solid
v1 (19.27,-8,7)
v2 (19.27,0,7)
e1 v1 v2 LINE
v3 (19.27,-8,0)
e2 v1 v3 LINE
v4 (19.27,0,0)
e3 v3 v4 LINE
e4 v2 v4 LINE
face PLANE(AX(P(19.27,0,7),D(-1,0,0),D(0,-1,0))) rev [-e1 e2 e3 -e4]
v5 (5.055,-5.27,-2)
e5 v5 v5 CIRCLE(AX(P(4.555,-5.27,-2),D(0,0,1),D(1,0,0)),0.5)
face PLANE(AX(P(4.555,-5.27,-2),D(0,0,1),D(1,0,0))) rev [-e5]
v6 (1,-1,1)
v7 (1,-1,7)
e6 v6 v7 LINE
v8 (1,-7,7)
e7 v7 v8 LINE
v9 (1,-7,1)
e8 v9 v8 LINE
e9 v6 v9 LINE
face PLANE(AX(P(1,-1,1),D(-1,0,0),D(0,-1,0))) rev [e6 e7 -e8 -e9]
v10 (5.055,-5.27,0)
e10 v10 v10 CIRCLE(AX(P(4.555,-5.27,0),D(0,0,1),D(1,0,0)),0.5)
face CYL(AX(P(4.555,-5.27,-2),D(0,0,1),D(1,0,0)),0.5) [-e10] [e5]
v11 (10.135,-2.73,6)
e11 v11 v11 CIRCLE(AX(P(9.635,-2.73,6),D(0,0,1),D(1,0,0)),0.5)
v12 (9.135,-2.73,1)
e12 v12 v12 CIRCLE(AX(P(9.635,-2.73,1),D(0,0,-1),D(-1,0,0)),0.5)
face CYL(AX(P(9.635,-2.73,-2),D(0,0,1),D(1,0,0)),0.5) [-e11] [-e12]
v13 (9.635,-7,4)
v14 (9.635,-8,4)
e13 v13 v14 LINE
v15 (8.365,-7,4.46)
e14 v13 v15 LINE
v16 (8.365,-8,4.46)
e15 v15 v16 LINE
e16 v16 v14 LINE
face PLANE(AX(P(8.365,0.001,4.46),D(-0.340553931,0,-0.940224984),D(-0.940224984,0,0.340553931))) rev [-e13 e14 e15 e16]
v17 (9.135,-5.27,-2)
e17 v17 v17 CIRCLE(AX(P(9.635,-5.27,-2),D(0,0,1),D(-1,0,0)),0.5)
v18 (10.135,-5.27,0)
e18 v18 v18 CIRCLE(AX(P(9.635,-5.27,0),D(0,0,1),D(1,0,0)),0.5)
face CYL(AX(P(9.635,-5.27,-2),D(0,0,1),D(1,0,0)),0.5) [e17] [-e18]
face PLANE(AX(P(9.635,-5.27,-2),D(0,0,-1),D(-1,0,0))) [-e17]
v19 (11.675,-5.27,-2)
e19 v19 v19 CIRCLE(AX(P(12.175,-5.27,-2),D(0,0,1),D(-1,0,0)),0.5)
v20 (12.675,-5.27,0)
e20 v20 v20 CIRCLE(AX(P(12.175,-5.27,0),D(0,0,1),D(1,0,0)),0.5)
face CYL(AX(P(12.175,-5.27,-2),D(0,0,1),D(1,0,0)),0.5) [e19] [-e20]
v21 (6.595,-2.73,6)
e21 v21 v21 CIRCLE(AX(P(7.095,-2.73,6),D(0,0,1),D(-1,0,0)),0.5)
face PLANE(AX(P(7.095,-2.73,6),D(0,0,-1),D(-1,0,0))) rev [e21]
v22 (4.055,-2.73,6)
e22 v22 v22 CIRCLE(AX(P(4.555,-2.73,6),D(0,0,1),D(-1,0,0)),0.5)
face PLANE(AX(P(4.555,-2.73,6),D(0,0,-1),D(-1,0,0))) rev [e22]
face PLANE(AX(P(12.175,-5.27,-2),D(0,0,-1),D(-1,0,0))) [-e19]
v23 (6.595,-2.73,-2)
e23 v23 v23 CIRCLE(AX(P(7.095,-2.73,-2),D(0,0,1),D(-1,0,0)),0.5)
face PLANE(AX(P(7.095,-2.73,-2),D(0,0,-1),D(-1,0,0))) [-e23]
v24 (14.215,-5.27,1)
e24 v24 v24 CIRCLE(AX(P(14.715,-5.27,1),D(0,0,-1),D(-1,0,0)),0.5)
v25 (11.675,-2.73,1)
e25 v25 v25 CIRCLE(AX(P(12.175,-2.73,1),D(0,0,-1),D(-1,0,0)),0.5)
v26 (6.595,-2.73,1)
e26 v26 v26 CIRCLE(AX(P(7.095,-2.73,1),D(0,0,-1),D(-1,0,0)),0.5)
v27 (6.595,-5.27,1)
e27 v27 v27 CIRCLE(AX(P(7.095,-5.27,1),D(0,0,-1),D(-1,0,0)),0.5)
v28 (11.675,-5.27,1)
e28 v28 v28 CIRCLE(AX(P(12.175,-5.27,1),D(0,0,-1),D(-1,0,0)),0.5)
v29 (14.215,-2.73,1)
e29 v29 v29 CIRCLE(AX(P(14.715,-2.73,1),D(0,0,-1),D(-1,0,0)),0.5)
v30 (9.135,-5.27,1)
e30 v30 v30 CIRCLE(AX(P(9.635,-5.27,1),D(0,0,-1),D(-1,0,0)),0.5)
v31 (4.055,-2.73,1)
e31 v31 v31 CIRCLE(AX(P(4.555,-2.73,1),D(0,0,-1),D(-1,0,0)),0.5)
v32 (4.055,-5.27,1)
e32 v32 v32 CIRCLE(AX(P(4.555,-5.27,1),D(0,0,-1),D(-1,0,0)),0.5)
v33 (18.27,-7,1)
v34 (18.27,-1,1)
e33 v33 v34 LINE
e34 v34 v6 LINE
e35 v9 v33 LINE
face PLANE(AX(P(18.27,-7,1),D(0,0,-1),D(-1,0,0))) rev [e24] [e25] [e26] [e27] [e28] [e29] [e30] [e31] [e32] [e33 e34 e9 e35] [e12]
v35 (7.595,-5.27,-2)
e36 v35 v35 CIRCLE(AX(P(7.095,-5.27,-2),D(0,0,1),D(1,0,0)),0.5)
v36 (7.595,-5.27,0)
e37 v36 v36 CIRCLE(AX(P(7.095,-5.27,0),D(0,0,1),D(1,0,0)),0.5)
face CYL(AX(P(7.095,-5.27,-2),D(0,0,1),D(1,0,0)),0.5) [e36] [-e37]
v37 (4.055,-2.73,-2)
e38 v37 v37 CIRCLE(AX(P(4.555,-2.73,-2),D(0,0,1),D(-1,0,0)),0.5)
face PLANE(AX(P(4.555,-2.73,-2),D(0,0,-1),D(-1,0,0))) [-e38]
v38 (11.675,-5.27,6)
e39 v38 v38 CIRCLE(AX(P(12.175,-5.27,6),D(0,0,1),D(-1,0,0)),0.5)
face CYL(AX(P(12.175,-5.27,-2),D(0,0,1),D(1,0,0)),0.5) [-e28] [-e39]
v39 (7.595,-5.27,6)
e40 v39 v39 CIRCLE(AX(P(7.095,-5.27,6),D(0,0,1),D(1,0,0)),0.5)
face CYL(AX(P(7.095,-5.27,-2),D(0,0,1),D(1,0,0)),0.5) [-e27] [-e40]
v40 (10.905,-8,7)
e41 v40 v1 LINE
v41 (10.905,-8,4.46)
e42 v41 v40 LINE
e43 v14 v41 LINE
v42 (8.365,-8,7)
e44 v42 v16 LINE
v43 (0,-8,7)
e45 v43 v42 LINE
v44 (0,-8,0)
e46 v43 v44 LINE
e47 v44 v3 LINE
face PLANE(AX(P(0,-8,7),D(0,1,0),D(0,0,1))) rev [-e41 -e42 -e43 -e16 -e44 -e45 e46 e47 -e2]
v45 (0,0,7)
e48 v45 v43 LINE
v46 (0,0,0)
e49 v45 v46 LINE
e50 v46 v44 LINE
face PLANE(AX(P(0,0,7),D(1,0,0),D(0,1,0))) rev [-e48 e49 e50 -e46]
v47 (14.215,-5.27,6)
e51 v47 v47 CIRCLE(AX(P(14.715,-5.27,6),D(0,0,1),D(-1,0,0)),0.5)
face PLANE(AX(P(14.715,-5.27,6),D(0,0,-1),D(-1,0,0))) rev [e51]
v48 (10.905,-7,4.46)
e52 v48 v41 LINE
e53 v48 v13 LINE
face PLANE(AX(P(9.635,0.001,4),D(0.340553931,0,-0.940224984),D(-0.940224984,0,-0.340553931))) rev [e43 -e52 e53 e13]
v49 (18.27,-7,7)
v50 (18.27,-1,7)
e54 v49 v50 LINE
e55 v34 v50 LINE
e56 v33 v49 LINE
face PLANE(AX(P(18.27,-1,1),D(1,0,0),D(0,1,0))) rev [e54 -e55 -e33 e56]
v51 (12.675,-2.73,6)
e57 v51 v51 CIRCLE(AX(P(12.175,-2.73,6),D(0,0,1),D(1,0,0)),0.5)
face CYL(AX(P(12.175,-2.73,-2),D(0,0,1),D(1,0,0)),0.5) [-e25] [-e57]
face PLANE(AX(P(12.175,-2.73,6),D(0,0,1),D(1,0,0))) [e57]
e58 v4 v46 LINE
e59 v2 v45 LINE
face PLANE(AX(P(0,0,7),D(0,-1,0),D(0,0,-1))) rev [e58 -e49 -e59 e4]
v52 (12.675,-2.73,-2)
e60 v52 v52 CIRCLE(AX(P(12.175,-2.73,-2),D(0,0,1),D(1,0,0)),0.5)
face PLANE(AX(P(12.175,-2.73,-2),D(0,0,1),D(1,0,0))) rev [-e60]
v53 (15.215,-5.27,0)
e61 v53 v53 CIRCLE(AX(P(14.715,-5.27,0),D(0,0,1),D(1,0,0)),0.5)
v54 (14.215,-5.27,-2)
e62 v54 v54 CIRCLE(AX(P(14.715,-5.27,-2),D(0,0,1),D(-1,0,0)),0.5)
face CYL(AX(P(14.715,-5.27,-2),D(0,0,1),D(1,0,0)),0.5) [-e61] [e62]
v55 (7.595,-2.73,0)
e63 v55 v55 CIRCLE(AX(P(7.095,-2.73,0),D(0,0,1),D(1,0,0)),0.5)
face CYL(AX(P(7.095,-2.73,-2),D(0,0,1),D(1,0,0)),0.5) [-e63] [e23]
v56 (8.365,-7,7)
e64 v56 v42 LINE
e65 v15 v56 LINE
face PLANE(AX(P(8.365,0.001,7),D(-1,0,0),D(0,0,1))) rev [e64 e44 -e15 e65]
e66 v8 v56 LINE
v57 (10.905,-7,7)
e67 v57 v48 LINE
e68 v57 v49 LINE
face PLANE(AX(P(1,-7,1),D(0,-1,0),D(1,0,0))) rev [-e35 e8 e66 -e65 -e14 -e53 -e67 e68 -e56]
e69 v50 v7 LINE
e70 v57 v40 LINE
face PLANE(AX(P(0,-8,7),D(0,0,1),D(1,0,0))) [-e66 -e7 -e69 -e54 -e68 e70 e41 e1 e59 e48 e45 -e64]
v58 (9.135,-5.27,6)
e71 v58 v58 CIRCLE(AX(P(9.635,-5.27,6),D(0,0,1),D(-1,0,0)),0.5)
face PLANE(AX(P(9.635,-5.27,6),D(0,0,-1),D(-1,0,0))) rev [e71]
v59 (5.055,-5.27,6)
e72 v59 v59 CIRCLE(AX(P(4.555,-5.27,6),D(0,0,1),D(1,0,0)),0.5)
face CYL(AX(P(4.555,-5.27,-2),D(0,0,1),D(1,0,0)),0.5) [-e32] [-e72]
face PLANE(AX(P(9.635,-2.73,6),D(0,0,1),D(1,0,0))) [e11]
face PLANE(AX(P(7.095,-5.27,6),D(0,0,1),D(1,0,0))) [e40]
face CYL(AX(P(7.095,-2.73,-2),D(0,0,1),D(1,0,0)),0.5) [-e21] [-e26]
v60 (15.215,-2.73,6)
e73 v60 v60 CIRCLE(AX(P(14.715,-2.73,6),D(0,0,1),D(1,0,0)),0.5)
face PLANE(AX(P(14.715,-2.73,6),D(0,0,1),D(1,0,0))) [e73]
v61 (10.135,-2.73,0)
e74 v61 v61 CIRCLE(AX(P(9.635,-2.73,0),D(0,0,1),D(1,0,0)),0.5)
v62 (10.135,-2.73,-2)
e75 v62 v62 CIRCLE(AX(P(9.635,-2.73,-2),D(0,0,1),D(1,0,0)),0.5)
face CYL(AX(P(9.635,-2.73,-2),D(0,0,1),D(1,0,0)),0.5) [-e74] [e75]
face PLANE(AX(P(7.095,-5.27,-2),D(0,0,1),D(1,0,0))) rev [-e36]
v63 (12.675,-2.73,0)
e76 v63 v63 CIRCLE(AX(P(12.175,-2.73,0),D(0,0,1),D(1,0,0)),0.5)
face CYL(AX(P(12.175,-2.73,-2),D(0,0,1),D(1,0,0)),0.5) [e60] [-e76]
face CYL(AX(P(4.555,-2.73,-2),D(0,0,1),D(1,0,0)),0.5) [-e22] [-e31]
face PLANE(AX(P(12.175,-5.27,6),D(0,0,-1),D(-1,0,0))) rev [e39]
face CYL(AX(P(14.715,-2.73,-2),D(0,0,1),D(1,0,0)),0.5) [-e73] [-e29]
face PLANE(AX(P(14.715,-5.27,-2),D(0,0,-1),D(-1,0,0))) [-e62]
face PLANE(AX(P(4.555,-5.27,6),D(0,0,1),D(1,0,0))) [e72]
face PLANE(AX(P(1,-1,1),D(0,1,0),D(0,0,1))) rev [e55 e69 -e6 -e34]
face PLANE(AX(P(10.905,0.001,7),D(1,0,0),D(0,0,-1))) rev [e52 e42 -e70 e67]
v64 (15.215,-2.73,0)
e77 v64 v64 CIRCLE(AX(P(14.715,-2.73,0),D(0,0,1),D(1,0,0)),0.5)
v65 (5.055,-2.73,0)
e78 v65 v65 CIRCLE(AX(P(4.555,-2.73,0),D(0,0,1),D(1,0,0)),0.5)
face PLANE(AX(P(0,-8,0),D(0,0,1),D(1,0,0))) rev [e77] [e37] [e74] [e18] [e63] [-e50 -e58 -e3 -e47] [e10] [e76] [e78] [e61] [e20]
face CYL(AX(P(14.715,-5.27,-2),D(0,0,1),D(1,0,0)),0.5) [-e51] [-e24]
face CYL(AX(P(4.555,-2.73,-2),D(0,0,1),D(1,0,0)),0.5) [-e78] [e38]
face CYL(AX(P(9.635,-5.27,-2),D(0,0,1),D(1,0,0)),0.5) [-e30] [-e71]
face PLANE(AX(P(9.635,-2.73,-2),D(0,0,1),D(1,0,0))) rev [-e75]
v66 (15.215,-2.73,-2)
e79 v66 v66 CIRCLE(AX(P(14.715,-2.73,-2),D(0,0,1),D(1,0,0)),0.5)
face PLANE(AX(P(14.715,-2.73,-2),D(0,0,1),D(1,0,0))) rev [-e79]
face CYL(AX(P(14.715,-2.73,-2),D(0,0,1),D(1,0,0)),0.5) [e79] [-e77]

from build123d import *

# Parameters (mm, degrees)
SKETCH_1_W           = 19.27
SKETCH_1_H           = 8
EXTRUDE_1_DEPTH      = 7
SKETCH_2_W           = 17.27
SKETCH_2_H           = 6
CUT_EXTRUDE_1_DEPTH  = 6
CUT_EXTRUDE_2_REACH  = 24.008
EXTRUDE_2_DEPTH      = 5
EXTRUDE_2_DEPTH_BACK = 3
SKETCH_4_R           = 0.5


with BuildPart() as part:
    # 草图1 → 凸台-拉伸1 (new body)
    with BuildSketch(Plane.XY):
        with Locations((9.635, -4)):
            Rectangle(SKETCH_1_W, SKETCH_1_H)
    extrude(amount=EXTRUDE_1_DEPTH)

    # 草图2 → 切除-拉伸1 (cut)
    with BuildSketch(Plane.XY.offset(7)):
        with Locations((9.635, -4)):
            Rectangle(SKETCH_2_W, SKETCH_2_H)
    extrude(amount=-CUT_EXTRUDE_1_DEPTH, mode=Mode.SUBTRACT)

    # 草图3 → 切除-拉伸2 (cut, up to next)
    with BuildSketch(Plane.XZ.offset(8), mode=Mode.PRIVATE) as cut_extrude_2_sk1:
        Polygon((8.365, 7), (8.365, 4.46), (9.635, 4), (10.905, 4.46), (10.905, 7), align=None)
    cut_extrude_2_tool1 = extrude(cut_extrude_2_sk1.sketch, amount=-CUT_EXTRUDE_2_REACH, mode=Mode.PRIVATE) & part.part
    add(cut_extrude_2_tool1.solids().sort_by_distance((9.635, -8, 5.611817))[0], mode=Mode.SUBTRACT)

    # 草图4 → 凸台-拉伸2 (add, two sides: drawn at the far end of the back side and taken through both)
    with BuildSketch(Plane.XY.offset(1).offset(-EXTRUDE_2_DEPTH_BACK)):
        with Locations((9.635, -2.73)):
            Circle(SKETCH_4_R)
        with Locations((12.175, -2.73)):
            Circle(SKETCH_4_R)
        with Locations((14.715, -2.73)):
            Circle(SKETCH_4_R)
        with Locations(Location((4.555, -2.73, 0), (0, 0, 180))):
            Circle(SKETCH_4_R)
        with Locations(Location((7.095, -2.73, 0), (0, 0, 180))):
            Circle(SKETCH_4_R)
        with Locations(Location((14.715, -5.27, 0), (0, 0, 180))):
            Circle(SKETCH_4_R)
        with Locations(Location((12.175, -5.27, 0), (0, 0, 180))):
            Circle(SKETCH_4_R)
        with Locations(Location((9.635, -5.27, 0), (0, 0, 180))):
            Circle(SKETCH_4_R)
        with Locations((7.095, -5.27)):
            Circle(SKETCH_4_R)
        with Locations((4.555, -5.27)):
            Circle(SKETCH_4_R)
    extrude(amount=EXTRUDE_2_DEPTH + EXTRUDE_2_DEPTH_BACK)


solid = part.part
